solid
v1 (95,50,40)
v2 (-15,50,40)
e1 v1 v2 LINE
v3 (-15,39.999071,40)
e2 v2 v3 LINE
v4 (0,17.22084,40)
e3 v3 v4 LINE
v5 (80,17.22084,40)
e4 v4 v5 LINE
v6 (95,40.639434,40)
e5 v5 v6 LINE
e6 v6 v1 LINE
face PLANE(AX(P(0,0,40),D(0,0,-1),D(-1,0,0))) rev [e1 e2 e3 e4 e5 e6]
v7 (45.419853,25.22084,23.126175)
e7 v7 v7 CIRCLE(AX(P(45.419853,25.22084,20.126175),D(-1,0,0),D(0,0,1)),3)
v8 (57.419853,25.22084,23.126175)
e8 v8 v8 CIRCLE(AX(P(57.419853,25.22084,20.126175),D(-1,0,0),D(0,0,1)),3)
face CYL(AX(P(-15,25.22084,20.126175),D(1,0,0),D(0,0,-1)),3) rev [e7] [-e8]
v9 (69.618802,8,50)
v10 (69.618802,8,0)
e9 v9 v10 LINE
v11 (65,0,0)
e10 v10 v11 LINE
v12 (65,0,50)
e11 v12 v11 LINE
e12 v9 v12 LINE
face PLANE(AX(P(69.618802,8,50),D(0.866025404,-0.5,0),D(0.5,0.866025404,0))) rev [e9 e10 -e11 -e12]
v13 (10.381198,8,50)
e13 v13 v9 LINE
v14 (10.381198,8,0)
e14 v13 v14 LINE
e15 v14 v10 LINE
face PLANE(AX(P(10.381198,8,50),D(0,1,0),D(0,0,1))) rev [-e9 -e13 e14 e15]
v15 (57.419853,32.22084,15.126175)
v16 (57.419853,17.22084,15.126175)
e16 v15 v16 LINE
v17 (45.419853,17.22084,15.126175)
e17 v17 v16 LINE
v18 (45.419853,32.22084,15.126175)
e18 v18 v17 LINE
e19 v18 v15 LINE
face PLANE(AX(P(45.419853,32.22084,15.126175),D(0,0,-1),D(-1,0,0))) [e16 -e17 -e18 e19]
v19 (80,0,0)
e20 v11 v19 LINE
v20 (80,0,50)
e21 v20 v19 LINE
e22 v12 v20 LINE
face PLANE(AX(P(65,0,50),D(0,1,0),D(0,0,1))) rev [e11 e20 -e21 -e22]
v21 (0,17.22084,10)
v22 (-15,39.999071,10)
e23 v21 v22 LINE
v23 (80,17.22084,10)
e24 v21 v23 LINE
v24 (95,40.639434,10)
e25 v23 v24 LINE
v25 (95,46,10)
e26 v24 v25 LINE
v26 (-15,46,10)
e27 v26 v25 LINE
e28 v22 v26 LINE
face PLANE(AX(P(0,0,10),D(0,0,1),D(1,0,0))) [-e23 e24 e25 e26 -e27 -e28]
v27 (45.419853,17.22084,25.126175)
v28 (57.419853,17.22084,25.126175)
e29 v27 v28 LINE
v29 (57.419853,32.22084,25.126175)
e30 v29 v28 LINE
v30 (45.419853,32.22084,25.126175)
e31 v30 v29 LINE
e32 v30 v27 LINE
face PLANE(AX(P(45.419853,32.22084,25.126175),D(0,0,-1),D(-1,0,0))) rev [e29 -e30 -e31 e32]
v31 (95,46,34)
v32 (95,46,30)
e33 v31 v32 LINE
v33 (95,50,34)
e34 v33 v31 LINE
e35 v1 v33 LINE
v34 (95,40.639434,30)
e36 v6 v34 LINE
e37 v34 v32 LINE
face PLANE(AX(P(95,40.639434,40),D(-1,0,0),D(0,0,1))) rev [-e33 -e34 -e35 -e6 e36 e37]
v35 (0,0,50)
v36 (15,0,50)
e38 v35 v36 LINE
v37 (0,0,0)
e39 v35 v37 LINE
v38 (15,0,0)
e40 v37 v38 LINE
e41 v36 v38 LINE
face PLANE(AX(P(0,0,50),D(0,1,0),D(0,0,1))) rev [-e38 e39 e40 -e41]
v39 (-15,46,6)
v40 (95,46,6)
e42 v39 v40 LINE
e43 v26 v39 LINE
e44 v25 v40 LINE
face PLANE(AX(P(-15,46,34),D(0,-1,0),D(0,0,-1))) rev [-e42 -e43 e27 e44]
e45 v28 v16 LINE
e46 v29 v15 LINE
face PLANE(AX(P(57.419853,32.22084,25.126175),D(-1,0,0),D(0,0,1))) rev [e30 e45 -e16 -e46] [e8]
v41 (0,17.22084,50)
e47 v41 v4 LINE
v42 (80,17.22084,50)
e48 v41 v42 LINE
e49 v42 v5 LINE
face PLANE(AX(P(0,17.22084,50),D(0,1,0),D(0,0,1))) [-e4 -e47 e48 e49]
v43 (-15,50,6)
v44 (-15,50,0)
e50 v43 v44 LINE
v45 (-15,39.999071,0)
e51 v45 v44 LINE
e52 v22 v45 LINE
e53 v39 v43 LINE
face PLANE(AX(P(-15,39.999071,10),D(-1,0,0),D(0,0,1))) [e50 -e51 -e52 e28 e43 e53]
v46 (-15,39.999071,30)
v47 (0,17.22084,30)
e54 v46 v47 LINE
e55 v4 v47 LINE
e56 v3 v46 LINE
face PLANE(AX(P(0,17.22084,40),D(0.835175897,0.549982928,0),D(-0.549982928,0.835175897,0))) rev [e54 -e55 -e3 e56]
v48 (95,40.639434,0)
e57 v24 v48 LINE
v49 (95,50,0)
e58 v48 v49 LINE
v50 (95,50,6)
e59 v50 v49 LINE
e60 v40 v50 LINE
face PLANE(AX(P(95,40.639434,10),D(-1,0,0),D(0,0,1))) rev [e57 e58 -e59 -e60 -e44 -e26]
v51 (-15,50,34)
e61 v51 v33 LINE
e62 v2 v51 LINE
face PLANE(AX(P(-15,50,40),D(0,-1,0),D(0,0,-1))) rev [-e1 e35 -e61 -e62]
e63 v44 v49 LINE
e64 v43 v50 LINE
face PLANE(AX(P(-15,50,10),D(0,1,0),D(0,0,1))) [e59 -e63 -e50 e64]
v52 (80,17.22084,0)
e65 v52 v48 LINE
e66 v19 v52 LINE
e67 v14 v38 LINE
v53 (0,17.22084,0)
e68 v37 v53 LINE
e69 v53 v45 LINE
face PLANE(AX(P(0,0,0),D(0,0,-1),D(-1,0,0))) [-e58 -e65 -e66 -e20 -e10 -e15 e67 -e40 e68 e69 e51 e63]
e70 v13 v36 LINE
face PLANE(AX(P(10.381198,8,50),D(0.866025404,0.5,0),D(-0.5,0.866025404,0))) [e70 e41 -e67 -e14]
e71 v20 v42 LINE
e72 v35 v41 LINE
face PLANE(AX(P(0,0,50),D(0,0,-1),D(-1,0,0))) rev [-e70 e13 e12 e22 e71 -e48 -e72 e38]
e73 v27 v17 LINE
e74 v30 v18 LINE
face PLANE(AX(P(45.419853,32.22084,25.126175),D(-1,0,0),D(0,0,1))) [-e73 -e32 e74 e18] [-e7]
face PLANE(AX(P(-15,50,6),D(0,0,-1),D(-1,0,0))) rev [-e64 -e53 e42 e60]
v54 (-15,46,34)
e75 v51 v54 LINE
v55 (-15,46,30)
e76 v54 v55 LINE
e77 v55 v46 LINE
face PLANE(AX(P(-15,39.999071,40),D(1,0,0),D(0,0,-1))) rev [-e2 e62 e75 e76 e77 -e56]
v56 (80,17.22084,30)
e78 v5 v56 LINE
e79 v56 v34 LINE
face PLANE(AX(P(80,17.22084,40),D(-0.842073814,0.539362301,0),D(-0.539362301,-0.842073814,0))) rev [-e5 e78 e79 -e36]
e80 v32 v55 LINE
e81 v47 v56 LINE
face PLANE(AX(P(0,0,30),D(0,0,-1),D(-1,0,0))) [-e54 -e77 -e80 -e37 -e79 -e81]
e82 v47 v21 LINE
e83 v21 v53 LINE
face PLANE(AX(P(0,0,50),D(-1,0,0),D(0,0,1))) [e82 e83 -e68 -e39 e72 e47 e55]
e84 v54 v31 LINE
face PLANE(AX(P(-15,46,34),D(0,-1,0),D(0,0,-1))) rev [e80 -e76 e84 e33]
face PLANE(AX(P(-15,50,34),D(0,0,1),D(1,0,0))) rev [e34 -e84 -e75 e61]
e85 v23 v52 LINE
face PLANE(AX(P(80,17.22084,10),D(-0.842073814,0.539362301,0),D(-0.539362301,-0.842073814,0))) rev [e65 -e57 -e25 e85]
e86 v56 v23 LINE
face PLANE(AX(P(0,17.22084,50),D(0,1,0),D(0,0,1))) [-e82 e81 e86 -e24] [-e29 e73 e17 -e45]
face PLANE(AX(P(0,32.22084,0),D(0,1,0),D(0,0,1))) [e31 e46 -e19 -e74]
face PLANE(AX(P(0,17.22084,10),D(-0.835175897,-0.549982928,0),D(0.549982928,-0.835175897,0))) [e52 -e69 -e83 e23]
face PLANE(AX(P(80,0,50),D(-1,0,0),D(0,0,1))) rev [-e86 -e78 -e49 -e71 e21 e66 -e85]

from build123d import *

# Parameters (mm, degrees)
BOSS_EXTRUDE1_DEPTH     = 50
BOSS_EXTRUDE2_DEPTH     = 10
BOSS_EXTRUDE3_START     = 30
BOSS_EXTRUDE3_DEPTH     = 10
SKETCH3_W               = 12
SKETCH3_H               = 10
BOSS_EXTRUDE4_DEPTH     = 15
CUT_EXTRUDE1_DEPTH      = 119.427192823
CUT_EXTRUDE1_DEPTH_BACK = 119.427192823
SKETCH4_R               = 3
SKETCH4_W               = 28
SKETCH4_H               = 4


with BuildPart() as part:
    # Sketch1 → Boss-Extrude1 (new body)
    with BuildSketch(Plane.XY):
        Polygon((69.618802154, 8), (65, 0), (80, 0), (80, 17.220839506), (0, 17.220839506), (0, 0), (15, 0), (10.381197846, 8), align=None)
    extrude(amount=BOSS_EXTRUDE1_DEPTH)

    # Sketch2 → Boss-Extrude2 (add)
    with BuildSketch(Plane.XY):
        Polygon((0, 17.220839506), (80, 17.220839506), (95, 40.639434385), (95, 50), (-15, 50), (-15, 39.999070977), align=None)
    extrude(amount=BOSS_EXTRUDE2_DEPTH)

    # Sketch2<3> → Boss-Extrude3 (add)
    with BuildSketch(Plane.XY.offset(BOSS_EXTRUDE3_START)):
        Polygon((0, 17.220839506), (80, 17.220839506), (95, 40.639434385), (95, 50), (-15, 50), (-15, 39.999070977), align=None)
    extrude(amount=BOSS_EXTRUDE3_DEPTH)

    # Sketch3 → Boss-Extrude4 (add)
    with BuildSketch(Plane(origin=(0, 17.220839506, 0), x_dir=(1, 0, 0), z_dir=(0, 1, 0))):
        with Locations((51.419853225, -20.126174842)):
            Rectangle(SKETCH3_W, SKETCH3_H)
    extrude(amount=BOSS_EXTRUDE4_DEPTH)

    # Sketch4 → Cut-Extrude1 (cut, two sides: drawn at the far end of the back side and taken through both)
    with BuildSketch(Plane(origin=(0, 0, 0), x_dir=(0, 0, -1), z_dir=(1, 0, 0)).offset(-CUT_EXTRUDE1_DEPTH_BACK)):
        with Locations((-20.126174842, 25.220839506)):
            Circle(SKETCH4_R)
        with Locations((-20, 48)):
            Rectangle(SKETCH4_W, SKETCH4_H)
    extrude(amount=CUT_EXTRUDE1_DEPTH + CUT_EXTRUDE1_DEPTH_BACK, mode=Mode.SUBTRACT)


solid = part.part
